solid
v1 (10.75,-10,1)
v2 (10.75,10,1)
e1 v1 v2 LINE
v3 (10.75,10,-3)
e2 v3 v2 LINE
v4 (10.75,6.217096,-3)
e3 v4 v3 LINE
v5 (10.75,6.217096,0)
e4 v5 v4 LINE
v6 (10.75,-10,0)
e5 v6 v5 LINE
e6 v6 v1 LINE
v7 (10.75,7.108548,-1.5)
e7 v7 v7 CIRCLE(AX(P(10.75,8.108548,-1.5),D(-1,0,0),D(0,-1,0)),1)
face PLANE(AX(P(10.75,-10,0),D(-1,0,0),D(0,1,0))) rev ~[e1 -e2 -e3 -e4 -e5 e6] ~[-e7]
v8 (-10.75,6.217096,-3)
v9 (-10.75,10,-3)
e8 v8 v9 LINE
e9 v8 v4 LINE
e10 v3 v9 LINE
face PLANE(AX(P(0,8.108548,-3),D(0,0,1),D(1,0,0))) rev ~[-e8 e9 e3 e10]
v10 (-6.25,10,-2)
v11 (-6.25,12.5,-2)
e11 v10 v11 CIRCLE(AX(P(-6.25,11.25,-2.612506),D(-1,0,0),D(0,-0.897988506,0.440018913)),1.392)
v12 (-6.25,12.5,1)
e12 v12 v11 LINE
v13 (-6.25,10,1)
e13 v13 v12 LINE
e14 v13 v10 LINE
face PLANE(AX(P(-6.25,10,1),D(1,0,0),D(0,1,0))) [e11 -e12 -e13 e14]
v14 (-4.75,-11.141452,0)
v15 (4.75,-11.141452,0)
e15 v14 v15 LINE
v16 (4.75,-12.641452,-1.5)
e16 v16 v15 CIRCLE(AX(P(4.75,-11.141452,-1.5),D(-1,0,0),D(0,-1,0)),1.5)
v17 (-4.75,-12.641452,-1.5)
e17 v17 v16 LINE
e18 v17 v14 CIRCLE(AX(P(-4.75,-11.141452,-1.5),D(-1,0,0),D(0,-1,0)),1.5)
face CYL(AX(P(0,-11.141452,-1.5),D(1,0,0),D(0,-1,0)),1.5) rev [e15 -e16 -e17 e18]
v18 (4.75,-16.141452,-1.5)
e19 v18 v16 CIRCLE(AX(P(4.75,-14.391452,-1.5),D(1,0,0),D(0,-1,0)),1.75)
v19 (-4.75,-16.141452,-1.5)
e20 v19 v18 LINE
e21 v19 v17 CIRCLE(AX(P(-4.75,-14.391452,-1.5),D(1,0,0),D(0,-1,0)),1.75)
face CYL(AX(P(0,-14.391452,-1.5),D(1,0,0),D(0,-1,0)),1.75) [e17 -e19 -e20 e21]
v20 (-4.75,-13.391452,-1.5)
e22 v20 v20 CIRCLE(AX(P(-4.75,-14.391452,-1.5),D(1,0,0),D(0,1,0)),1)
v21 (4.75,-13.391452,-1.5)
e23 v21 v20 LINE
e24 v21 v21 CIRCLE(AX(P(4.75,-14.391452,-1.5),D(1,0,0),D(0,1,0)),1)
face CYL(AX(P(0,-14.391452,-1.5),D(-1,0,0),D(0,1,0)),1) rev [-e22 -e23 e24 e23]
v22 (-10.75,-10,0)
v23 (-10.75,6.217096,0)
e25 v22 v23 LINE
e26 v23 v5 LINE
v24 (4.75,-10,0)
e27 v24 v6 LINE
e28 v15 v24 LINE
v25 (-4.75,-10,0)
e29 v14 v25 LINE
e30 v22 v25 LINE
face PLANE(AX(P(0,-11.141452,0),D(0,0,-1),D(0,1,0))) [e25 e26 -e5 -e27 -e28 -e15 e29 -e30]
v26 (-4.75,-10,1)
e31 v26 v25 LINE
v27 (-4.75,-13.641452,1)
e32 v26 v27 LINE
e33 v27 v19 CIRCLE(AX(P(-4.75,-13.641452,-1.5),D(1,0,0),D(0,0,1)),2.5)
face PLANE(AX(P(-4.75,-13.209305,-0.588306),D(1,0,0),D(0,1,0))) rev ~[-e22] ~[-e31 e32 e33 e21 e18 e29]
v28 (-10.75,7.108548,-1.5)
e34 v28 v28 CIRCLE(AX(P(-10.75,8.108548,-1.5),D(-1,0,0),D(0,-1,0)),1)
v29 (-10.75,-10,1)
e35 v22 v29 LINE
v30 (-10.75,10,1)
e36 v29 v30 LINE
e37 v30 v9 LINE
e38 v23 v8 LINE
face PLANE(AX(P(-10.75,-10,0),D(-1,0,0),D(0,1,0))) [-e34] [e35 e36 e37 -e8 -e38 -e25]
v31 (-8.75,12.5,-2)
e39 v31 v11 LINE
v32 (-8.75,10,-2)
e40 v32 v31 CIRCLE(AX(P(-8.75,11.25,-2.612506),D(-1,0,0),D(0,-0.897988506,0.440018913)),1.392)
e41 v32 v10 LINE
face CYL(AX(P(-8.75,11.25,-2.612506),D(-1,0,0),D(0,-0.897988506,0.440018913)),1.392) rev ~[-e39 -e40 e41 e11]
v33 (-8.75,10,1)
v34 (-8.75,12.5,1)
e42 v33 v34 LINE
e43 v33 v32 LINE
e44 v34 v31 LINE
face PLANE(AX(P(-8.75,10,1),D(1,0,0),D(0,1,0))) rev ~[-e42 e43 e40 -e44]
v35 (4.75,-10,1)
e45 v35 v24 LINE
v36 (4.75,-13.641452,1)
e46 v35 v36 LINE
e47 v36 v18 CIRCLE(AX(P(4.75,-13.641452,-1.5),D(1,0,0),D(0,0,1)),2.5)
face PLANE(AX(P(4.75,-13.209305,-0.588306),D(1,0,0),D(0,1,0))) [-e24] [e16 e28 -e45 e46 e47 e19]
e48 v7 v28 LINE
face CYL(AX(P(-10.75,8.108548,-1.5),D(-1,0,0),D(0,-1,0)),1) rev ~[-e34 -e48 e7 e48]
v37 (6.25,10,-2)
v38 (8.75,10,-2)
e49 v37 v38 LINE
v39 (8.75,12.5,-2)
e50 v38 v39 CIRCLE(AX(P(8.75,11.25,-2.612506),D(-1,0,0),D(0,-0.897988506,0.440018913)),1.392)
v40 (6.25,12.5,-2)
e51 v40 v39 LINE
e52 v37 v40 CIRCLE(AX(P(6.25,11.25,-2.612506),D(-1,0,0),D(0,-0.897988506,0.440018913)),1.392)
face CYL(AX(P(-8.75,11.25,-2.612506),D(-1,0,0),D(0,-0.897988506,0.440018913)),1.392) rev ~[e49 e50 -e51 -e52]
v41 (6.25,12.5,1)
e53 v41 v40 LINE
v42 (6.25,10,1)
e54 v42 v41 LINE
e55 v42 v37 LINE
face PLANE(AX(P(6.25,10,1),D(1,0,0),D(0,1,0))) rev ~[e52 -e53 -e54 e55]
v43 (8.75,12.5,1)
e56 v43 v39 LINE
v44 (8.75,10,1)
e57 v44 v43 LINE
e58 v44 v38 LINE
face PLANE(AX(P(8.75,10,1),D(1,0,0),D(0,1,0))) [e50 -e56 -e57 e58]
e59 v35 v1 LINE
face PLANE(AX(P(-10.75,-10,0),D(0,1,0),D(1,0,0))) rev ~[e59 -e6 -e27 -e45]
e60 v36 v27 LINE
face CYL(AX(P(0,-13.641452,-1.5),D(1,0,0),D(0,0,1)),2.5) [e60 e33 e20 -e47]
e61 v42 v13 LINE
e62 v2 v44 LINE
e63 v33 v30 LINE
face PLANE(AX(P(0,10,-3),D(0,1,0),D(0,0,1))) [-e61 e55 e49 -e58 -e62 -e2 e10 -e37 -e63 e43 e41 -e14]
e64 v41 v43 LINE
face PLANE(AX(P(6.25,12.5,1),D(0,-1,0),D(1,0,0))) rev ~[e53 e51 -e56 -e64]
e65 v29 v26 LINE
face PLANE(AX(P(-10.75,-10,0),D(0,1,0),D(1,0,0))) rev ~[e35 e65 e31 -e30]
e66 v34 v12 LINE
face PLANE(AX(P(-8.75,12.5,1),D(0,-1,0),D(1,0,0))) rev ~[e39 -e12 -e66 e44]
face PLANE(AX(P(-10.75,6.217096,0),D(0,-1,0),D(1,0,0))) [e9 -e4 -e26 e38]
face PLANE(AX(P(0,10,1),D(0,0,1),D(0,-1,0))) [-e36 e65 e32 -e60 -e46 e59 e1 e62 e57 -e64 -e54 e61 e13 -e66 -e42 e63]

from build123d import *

# Parameters (mm, degrees)
F1_W      = 21.5
F1_H      = 3.7829035334
F2_DEPTH  = 3
F0_W      = 21.5
F0_H      = 20
F3_DEPTH  = 1
F4_R      = 1
F5_DEPTH  = 21.5
F6_R      = 1
F7_DEPTH  = 4.75
F8_W      = 2.5
F8_H      = 2.5
F9_DEPTH  = 3
F11_DEPTH = 25


with BuildPart() as f2:
    # F1 (on face) → F2 (new body)
    with BuildSketch(Plane.XY):
        with Locations((0, 8.1085482333)):
            Rectangle(F1_W, F1_H)
    extrude(amount=-F2_DEPTH)

    # F0 (on Top) → F3 (join)
    with BuildSketch(Plane.XY):
        Rectangle(F0_W, F0_H)
    extrude(amount=F3_DEPTH)

    # F4 (on face) → F5 (cut)
    with BuildSketch(Plane(origin=(-10.75, 0, 0), x_dir=(0, -1, 0), z_dir=(-1, 0, 0))):
        with Locations((-8.1085482333, -1.5)):
            Circle(F4_R)
    extrude(amount=-F5_DEPTH, mode=Mode.SUBTRACT)

    # F6 (on Right) → F7 (join, symmetric)
    with BuildSketch(Plane.YZ):
        with BuildLine():
            ThreePointArc((-13.6414517667, 1), (-15.4092187197, 0.267766953), (-16.1414517667, -1.5))
            ThreePointArc((-16.1414517667, -1.5), (-14.3914517667, -3.25), (-12.6414517667, -1.5))
            ThreePointArc((-12.6414517667, -1.5), (-12.2021119385, -0.4393398282), (-11.1414517667, 0))
            Line((-11.1414517667, 0), (-10, 0))
            Line((-10, 0), (-10, 1))
            Line((-10, 1), (-13.6414517667, 1))
        make_face()
        with Locations((-14.3914517667, -1.5)):
            Circle(F6_R, mode=Mode.SUBTRACT)
        Polygon((10, 1), (-10, 1), (-10, 0), (6.2170964666, 0), (6.2170964666, -3), (10, -3), align=None)
        with Locations((8.1085482333, -1.5)):
            Circle(F6_R, mode=Mode.SUBTRACT)
    extrude(amount=F7_DEPTH, both=True)

    # F8 (on face) → F9 (join)
    with BuildSketch(Plane.XY.offset(1)):
        with Locations((-7.5, 11.25)):
            Rectangle(F8_W, F8_H)
        with Locations((7.5, 11.25)):
            Rectangle(F8_W, F8_H)
    extrude(amount=-F9_DEPTH)

    # F10 (on face) → F11 (cut)
    with BuildSketch(Plane(origin=(-8.75, 0, 0), x_dir=(0, -1, 0), z_dir=(-1, 0, 0))):
        with BuildLine():
            Line((-12.5, -2), (-10, -2))
            ThreePointArc((-10, -2), (-11.25, -1.2205063265), (-12.5, -2))
        make_face()
    extrude(amount=-F11_DEPTH, mode=Mode.SUBTRACT)


solid = f2.part
